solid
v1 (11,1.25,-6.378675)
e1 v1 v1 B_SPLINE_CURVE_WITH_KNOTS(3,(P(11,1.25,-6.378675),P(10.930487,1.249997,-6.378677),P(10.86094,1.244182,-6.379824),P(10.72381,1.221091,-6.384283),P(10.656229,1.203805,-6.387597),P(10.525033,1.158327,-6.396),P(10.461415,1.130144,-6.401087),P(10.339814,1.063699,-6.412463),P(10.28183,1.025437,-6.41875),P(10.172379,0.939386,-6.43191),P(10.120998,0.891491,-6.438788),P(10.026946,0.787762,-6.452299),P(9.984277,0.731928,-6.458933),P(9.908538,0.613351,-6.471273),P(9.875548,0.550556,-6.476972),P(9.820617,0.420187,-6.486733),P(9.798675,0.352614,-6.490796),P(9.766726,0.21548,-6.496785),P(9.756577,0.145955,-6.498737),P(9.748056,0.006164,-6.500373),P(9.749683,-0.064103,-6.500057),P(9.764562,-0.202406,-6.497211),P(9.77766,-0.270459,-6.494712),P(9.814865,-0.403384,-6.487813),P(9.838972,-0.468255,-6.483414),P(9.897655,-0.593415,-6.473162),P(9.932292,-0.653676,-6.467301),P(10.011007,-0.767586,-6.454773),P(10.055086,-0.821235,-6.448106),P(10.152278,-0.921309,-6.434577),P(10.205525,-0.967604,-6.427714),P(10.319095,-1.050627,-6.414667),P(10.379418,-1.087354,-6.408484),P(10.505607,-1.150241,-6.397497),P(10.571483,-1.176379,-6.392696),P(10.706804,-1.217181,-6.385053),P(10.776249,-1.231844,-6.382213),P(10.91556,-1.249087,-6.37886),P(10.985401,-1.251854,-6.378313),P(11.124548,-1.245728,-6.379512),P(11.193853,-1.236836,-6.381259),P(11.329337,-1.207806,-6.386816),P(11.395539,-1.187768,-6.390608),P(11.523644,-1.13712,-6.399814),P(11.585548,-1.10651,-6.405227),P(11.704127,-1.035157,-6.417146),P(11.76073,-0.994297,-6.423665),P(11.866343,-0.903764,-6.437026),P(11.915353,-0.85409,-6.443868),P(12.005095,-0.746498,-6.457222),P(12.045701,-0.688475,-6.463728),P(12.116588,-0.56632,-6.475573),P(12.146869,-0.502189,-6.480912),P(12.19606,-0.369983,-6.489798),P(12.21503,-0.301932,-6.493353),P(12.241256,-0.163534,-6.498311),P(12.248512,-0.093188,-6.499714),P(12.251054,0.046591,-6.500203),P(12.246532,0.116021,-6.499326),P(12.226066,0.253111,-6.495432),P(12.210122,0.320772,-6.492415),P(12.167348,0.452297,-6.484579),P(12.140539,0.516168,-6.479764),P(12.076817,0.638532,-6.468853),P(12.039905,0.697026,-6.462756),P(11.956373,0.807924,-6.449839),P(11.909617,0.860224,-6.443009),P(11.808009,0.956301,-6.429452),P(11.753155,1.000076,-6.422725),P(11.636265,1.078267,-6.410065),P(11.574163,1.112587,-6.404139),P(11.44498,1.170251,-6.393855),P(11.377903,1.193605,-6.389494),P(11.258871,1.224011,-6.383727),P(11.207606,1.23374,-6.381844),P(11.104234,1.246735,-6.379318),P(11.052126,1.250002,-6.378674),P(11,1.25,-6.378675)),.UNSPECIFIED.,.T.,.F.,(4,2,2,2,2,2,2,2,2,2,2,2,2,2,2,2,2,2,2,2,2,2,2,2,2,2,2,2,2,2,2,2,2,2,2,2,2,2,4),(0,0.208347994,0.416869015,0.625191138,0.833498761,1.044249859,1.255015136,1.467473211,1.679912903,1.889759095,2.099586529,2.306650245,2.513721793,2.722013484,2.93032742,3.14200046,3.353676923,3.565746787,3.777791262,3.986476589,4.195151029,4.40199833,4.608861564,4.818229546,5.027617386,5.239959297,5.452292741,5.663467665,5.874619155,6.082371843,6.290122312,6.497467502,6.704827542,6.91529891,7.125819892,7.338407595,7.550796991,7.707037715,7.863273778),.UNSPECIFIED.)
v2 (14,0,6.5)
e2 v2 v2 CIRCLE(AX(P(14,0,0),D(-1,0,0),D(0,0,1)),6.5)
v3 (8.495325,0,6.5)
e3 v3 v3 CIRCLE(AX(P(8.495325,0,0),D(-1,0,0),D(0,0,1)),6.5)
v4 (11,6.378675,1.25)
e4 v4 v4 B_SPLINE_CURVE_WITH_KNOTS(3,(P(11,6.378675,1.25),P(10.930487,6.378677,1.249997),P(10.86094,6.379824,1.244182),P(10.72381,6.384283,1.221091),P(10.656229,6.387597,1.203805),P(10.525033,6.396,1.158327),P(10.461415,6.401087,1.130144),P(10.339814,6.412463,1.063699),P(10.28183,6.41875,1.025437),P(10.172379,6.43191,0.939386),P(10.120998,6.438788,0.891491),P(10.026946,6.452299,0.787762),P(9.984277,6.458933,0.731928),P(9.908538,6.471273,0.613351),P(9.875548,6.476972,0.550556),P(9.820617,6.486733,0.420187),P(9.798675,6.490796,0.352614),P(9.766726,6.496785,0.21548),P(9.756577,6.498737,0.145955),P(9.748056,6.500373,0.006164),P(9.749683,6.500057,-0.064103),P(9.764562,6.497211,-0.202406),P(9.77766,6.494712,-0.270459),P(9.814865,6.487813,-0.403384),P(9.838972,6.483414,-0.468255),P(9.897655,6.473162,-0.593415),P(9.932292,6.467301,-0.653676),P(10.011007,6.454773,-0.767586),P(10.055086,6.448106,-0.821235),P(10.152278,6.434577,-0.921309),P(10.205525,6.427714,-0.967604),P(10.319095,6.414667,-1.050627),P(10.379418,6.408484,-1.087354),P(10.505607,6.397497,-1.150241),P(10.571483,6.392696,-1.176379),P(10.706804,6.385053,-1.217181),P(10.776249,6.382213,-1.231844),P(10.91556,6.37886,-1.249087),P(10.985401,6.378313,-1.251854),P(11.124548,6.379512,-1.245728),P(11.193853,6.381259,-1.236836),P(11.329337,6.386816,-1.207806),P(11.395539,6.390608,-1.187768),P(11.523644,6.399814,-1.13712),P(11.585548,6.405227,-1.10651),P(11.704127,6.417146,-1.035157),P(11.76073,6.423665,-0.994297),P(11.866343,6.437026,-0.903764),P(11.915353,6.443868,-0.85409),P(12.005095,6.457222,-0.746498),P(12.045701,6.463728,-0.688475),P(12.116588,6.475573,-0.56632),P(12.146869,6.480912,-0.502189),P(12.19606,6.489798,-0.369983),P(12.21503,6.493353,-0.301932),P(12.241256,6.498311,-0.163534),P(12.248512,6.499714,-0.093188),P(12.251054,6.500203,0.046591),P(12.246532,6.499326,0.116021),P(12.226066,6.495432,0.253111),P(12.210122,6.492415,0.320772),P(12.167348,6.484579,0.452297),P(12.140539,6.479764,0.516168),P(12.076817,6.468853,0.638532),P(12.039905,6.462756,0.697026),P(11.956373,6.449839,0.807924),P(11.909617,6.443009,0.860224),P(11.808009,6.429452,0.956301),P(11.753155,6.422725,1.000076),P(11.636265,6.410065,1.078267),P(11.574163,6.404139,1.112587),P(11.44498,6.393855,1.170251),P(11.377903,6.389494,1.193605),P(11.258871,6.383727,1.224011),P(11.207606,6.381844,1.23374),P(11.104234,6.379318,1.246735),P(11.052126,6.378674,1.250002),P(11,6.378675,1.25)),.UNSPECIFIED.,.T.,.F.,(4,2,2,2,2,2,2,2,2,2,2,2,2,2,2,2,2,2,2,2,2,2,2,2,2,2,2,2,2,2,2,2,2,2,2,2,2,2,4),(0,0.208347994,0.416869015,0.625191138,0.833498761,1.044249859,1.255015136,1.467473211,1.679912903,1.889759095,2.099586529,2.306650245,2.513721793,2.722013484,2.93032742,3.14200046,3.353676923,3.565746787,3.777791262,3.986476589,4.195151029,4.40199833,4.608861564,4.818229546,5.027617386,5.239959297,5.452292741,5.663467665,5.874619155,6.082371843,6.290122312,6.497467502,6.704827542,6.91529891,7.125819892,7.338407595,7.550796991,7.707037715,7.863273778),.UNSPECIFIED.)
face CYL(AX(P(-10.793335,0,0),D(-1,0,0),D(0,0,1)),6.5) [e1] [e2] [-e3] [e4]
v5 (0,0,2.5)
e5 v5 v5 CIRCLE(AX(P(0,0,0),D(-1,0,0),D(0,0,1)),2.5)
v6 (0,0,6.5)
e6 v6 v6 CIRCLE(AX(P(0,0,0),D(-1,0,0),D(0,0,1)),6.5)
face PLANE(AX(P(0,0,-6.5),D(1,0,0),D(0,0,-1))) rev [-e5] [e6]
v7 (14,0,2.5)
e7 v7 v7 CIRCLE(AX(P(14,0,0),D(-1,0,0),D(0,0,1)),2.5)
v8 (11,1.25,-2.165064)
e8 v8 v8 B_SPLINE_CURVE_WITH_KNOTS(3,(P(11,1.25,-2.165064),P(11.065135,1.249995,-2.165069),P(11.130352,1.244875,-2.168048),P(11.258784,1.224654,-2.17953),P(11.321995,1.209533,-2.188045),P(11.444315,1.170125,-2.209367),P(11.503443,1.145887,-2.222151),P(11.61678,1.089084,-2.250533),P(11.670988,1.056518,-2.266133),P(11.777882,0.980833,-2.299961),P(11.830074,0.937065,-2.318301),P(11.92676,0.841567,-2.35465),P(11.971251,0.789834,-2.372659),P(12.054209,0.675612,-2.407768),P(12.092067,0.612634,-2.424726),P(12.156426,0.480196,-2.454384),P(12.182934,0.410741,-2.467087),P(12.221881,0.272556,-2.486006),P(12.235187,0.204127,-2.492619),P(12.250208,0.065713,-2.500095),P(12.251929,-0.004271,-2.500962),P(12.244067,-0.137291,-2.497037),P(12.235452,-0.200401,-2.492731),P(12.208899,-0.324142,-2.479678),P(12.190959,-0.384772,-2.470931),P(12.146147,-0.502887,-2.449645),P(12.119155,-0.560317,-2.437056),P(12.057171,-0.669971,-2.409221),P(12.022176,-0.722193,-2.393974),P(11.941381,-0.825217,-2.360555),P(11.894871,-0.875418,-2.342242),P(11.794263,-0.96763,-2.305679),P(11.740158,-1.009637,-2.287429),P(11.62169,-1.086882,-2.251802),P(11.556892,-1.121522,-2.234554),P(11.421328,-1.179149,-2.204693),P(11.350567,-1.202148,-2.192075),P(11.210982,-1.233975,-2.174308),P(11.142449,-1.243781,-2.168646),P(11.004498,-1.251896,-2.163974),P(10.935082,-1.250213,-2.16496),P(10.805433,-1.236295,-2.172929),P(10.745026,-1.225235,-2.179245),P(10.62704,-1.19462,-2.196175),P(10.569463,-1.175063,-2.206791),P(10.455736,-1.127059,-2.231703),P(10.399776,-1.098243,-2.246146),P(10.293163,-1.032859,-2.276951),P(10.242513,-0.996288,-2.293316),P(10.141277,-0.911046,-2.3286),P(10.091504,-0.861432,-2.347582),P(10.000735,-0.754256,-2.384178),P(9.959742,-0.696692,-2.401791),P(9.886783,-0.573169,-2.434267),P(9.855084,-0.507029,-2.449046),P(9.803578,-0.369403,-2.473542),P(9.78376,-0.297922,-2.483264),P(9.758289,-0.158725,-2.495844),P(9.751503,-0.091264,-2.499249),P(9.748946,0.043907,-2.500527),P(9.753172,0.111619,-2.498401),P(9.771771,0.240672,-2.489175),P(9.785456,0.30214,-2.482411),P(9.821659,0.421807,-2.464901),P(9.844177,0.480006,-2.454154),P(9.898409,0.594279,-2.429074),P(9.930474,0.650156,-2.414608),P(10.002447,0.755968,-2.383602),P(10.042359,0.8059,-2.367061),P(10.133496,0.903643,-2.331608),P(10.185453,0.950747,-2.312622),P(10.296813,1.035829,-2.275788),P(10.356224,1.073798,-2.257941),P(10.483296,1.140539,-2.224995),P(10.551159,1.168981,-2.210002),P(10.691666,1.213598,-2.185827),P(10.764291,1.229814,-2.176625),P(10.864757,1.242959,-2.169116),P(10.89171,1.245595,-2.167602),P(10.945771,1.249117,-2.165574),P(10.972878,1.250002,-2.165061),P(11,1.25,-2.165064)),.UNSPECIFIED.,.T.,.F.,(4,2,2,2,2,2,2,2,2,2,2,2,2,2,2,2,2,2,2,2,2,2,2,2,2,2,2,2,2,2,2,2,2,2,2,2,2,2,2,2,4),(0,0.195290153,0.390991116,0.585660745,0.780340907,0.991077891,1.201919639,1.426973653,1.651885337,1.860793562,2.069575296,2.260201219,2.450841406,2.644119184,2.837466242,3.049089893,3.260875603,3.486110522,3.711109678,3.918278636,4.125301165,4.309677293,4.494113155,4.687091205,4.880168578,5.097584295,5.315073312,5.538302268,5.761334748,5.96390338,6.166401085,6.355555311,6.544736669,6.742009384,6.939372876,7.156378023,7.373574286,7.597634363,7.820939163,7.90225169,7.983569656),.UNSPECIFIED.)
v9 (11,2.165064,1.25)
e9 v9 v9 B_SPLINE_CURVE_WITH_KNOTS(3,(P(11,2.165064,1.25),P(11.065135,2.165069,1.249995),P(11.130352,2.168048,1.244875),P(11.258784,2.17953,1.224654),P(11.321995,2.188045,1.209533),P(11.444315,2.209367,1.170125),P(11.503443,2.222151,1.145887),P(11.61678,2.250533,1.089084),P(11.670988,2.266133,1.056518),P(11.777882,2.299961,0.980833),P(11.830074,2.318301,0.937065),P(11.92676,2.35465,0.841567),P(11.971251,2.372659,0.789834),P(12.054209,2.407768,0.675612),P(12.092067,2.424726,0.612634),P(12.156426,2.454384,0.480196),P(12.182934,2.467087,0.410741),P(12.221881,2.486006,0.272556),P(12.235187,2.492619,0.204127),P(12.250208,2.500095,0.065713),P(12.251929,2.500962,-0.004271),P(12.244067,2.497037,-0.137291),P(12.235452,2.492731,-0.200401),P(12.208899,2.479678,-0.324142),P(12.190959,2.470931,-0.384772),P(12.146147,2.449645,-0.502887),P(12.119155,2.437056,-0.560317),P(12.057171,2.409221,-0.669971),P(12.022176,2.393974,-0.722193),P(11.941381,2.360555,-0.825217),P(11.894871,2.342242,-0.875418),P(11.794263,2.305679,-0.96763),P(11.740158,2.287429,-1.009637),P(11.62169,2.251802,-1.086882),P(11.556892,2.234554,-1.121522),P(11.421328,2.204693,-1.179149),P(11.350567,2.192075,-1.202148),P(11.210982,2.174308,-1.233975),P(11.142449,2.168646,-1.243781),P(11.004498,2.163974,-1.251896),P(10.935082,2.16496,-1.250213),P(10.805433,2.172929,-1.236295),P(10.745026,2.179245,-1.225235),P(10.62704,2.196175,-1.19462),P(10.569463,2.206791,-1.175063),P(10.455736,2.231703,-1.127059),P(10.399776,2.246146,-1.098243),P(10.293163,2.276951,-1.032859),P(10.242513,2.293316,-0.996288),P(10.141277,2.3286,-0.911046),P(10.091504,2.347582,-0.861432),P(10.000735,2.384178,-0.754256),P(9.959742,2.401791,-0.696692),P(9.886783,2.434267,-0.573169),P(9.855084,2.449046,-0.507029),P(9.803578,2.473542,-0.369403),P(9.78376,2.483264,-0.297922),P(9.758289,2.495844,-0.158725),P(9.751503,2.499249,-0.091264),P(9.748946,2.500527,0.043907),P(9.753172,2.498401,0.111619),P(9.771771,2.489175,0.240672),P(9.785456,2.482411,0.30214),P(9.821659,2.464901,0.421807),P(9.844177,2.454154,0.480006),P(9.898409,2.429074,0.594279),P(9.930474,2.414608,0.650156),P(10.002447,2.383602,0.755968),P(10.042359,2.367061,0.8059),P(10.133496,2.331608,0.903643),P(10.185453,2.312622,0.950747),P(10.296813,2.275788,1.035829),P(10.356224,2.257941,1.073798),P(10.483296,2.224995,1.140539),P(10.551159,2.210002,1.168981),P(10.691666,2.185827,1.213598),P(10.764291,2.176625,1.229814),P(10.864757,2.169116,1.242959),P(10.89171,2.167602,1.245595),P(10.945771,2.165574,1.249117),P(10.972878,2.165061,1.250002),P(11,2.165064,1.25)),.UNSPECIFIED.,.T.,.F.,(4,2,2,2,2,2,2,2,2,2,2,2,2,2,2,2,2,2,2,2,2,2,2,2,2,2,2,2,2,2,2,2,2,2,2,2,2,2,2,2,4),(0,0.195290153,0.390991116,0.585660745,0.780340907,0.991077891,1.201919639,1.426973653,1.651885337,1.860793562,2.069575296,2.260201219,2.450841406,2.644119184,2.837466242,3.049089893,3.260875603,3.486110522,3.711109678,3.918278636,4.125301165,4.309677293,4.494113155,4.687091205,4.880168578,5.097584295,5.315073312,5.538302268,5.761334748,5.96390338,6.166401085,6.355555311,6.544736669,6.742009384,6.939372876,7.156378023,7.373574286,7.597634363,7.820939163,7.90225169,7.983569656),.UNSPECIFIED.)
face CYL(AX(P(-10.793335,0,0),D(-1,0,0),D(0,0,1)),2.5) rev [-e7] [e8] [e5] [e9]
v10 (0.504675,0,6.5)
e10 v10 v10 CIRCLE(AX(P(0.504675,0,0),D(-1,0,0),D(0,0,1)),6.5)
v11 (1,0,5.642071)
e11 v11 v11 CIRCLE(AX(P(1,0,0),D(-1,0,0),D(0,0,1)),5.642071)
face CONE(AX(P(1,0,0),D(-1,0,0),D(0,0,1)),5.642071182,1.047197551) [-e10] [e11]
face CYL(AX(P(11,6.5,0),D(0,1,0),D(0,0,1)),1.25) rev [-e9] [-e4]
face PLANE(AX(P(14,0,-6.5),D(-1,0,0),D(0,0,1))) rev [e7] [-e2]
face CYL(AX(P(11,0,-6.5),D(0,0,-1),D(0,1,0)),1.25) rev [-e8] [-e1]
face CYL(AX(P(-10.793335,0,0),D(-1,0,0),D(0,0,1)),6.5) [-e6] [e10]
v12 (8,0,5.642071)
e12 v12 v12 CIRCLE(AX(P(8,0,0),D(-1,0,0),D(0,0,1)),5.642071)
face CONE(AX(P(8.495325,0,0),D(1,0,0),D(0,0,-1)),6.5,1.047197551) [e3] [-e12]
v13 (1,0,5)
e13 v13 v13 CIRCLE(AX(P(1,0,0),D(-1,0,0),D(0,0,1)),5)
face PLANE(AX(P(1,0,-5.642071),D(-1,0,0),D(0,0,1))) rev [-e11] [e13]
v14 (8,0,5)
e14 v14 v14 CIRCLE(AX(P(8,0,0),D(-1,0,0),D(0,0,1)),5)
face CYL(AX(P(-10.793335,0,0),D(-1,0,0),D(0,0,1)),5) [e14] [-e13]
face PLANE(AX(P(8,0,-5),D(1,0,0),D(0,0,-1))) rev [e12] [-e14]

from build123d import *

# Parameters (mm, degrees)
HOLE_WIZARD_M3_1_REACH   = 22.18
HOLE_WIZARD_M3_1_BORE_R  = 1.25
PATTERN_CIRCULAR_1_COUNT = 2
PATTERN_CIRCULAR_1_ANGLE = 90


with BuildPart() as part:
    # 草图1 → 旋转1 (revolve)
    with BuildSketch(Plane(origin=(0, 0, 0), x_dir=(1, 0, 0), z_dir=(0, 1, 0)), mode=Mode.PRIVATE) as revolve_1_sk:
        Polygon((14, 6.5), (14, 2.5), (0, 2.5), (0, 6.5), (0.504674566, 6.5), (1, 5.642071182), (1, 5), (8, 5), (8, 5.642071182), (8.495325434, 6.5), align=None)
    revolve(revolve_1_sk.sketch.rotate(Axis((-10.793334546, 0, 0), (1, 0, 0)), 180), axis=Axis((-10.793334546, 0, 0), (1, 0, 0)))

    # M3 螺纹孔1 bore → M3 螺纹孔1 (cut, up to next)
    with BuildSketch(Plane(origin=(0, 6.5, 0), x_dir=(1, 0, 0), z_dir=(0, 1, 0)), mode=Mode.PRIVATE) as hole_wizard_m3_1_sk1:
        with Locations((11, 0)):
            Circle(HOLE_WIZARD_M3_1_BORE_R)
    hole_wizard_m3_1_tool1 = extrude(hole_wizard_m3_1_sk1.sketch, amount=-HOLE_WIZARD_M3_1_REACH, mode=Mode.PRIVATE) & part.part
    hole_wizard_m3_1 = hole_wizard_m3_1_tool1.solids().sort_by_distance((11, 6.5, 0))[0]
    add(hole_wizard_m3_1, mode=Mode.SUBTRACT)

    # 阵列(圆周)1: M3 螺纹孔1 ×2 about axis
    pattern_circular_1_axis = Axis((-10.793334546, 0, 0), (-1, 0, 0))
    for i in range(1, PATTERN_CIRCULAR_1_COUNT):
        add(hole_wizard_m3_1.rotate(pattern_circular_1_axis, i * PATTERN_CIRCULAR_1_ANGLE / (PATTERN_CIRCULAR_1_COUNT - 1)), mode=Mode.SUBTRACT)


solid = part.part
